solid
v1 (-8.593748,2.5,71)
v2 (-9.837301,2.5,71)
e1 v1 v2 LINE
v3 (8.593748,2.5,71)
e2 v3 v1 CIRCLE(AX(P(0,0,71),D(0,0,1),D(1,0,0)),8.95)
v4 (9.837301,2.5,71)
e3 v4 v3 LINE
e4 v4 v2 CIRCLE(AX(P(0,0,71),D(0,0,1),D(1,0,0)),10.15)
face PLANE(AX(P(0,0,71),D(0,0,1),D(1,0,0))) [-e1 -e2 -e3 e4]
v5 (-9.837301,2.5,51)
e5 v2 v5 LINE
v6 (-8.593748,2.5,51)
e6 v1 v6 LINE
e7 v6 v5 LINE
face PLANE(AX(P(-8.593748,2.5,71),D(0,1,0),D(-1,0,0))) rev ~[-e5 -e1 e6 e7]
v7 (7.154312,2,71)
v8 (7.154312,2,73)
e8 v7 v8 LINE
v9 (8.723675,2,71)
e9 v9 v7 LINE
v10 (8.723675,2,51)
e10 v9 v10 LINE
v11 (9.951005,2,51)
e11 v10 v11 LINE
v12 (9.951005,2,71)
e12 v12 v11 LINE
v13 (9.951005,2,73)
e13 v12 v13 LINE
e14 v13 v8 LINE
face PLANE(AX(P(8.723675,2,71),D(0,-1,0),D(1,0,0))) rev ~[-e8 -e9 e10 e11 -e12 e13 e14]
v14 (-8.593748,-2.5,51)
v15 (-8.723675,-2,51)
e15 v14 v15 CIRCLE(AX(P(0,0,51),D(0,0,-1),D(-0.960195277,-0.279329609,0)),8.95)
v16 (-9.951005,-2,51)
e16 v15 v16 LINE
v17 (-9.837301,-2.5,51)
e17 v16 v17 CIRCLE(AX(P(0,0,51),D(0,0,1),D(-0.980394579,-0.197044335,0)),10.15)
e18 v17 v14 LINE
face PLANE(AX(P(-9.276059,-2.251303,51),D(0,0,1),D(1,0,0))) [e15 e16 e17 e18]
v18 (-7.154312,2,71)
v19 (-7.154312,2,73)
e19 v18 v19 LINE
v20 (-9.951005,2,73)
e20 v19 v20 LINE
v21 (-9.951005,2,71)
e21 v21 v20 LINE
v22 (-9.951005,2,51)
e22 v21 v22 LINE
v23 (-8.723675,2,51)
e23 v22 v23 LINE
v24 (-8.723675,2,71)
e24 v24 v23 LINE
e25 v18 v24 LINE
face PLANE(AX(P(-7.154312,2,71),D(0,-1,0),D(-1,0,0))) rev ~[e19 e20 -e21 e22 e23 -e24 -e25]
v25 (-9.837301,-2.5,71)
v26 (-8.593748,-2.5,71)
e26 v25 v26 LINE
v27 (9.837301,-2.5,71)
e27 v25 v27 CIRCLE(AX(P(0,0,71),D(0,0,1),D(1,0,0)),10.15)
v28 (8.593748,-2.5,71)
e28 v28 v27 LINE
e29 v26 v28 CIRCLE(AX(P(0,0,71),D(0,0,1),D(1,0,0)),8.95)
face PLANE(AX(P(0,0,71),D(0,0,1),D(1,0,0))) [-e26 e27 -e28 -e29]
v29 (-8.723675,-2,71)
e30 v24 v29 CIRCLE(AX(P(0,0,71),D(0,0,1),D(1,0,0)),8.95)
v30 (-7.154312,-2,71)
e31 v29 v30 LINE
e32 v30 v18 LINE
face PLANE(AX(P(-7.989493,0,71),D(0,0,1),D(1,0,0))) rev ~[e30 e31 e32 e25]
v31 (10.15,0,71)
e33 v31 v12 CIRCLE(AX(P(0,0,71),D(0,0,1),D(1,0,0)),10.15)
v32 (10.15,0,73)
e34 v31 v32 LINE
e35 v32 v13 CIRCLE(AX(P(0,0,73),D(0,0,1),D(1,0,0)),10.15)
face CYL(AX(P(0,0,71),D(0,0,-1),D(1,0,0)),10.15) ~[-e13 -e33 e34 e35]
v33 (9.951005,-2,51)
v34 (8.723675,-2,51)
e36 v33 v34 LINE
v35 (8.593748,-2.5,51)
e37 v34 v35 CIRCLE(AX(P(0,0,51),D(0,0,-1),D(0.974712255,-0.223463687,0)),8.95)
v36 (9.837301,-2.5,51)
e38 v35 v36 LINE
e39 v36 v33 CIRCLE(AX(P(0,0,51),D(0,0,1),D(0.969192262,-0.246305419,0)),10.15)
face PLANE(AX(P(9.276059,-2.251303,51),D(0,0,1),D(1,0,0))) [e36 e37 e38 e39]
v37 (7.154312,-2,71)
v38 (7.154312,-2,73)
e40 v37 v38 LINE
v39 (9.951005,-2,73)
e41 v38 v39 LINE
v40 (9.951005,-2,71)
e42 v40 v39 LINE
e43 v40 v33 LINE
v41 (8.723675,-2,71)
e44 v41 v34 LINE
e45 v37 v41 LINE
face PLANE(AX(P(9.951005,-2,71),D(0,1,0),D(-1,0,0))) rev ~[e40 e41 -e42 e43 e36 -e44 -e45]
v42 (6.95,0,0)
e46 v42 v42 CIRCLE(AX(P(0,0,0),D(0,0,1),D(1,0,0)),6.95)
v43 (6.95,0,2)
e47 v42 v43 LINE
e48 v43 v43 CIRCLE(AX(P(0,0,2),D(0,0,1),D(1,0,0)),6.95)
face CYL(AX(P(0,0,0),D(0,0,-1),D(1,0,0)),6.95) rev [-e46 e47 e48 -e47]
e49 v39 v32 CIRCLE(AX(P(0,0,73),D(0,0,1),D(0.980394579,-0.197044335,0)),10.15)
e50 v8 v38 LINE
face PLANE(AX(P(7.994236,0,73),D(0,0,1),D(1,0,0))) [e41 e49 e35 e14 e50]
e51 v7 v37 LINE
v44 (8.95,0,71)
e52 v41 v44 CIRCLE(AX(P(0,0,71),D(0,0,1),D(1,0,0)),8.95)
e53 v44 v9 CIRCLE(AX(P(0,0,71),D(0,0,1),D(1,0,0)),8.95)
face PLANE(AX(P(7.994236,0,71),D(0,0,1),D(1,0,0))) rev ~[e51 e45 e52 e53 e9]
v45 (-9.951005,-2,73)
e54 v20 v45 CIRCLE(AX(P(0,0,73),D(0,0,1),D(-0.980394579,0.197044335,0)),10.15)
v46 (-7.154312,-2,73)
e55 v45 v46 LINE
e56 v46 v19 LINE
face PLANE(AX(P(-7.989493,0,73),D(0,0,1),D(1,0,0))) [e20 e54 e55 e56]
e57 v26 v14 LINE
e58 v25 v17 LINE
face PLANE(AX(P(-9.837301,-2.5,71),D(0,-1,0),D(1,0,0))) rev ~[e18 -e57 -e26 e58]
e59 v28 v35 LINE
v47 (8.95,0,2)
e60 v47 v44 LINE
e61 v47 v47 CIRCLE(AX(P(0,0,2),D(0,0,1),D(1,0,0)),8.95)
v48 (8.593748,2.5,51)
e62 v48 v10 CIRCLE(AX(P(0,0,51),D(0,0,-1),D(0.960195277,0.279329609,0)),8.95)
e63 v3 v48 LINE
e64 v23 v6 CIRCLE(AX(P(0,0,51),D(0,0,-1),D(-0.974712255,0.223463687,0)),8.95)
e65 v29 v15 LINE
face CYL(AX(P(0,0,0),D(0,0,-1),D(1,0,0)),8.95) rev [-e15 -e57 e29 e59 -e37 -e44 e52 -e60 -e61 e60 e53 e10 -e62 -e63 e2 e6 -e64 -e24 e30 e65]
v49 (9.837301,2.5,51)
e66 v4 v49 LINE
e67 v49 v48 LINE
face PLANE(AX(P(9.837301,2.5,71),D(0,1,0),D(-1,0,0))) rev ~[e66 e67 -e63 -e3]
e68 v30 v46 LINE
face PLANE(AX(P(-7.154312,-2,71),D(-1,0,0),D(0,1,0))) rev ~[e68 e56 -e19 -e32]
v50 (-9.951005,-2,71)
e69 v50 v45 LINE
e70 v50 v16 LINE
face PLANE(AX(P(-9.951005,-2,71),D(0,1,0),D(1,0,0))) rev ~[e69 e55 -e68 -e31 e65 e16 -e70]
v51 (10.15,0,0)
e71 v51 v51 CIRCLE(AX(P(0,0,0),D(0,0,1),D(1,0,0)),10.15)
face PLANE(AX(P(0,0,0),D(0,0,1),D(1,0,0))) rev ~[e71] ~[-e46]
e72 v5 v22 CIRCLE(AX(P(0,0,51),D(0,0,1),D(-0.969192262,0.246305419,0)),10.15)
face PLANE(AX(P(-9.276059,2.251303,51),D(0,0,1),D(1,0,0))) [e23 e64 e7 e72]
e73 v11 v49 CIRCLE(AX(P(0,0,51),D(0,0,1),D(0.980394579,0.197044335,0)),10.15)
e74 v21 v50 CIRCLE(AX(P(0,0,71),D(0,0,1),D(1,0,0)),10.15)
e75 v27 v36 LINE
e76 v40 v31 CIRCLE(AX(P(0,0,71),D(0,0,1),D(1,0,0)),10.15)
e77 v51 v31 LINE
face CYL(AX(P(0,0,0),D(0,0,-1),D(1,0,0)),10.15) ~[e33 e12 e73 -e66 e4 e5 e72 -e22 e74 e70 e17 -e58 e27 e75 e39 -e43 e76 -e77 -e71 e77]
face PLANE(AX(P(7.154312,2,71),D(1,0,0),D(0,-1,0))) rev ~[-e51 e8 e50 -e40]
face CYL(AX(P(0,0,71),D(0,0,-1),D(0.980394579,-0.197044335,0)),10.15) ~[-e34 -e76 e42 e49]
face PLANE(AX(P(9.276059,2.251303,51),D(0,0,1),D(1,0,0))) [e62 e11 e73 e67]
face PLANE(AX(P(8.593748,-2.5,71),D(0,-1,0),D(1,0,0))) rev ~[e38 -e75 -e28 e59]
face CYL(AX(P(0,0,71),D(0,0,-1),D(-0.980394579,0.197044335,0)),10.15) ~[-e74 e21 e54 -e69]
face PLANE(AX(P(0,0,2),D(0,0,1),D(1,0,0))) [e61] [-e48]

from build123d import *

# Parameters (mm, degrees)
F0_R     = 10.15
F0_R_2   = 8.95
F1_DEPTH = 71
F0_R_3   = 6.95
F2_DEPTH = 2
F4_DEPTH = 20
F5_DEPTH = 2


with BuildPart() as f1:
    # F0 (on Top) → F1 (new body)
    with BuildSketch(Plane.XY):
        Circle(F0_R)
        Circle(F0_R_2, mode=Mode.SUBTRACT)
    extrude(amount=F1_DEPTH)

    # F0 (on Top) → F2 (join)
    with BuildSketch(Plane.XY):
        Circle(F0_R_2)
        Circle(F0_R_3, mode=Mode.SUBTRACT)
    extrude(amount=F2_DEPTH)

    # F3 (on face) → F4 (cut)
    with BuildSketch(Plane.XY.offset(71)):
        with BuildLine():
            Line((-8.5937477273, 2.5), (-9.8373014592, 2.5))
            ThreePointArc((-9.8373014592, 2.5), (-9.8973111438, 2.2507181348), (-9.9510049744, 2))
            Line((-9.9510049744, 2), (-8.7236746844, 2))
            ThreePointArc((-8.7236746844, 2), (-8.6623195362, 2.2509376388), (-8.5937477273, 2.5))
        make_face()
        with BuildLine():
            ThreePointArc((-9.9510049744, -2), (-9.8973111438, -2.2507181348), (-9.8373014592, -2.5))
            Line((-9.8373014592, -2.5), (-8.5937477273, -2.5))
            ThreePointArc((-8.5937477273, -2.5), (-8.6623195362, -2.2509376388), (-8.7236746844, -2))
            Line((-8.7236746844, -2), (-9.9510049744, -2))
        make_face()
        with BuildLine():
            Line((8.7236746844, 2), (9.9510049744, 2))
            ThreePointArc((9.9510049744, 2), (9.8973111438, 2.2507181348), (9.8373014592, 2.5))
            Line((9.8373014592, 2.5), (8.5937477273, 2.5))
            ThreePointArc((8.5937477273, 2.5), (8.6623195362, 2.2509376388), (8.7236746844, 2))
        make_face()
        with BuildLine():
            ThreePointArc((9.8373014592, -2.5), (9.8973111438, -2.2507181348), (9.9510049744, -2))
            Line((9.9510049744, -2), (8.7236746844, -2))
            ThreePointArc((8.7236746844, -2), (8.6623195362, -2.2509376388), (8.5937477273, -2.5))
            Line((8.5937477273, -2.5), (9.8373014592, -2.5))
        make_face()
    extrude(amount=-F4_DEPTH, mode=Mode.SUBTRACT)

    # F3 (on face) → F5 (join)
    with BuildSketch(Plane.XY.offset(71)):
        with BuildLine():
            Line((-7.1543120913, 2), (-8.7236746844, 2))
            ThreePointArc((-8.7236746844, 2), (-8.95, 0), (-8.7236746844, -2))
            Line((-8.7236746844, -2), (-7.1543120913, -2))
            Line((-7.1543120913, -2), (-7.1543120913, 2))
        make_face()
        with BuildLine():
            Line((-8.7236746844, 2), (-9.9510049744, 2))
            ThreePointArc((-9.9510049744, 2), (-10.15, 0), (-9.9510049744, -2))
            Line((-9.9510049744, -2), (-8.7236746844, -2))
            ThreePointArc((-8.7236746844, -2), (-8.95, 0), (-8.7236746844, 2))
        make_face()
        with BuildLine():
            ThreePointArc((8.95, 0), (8.8932386796, 1.0063825252), (8.7236746844, 2))
            Line((8.7236746844, 2), (7.1543120913, 2))
            Line((7.1543120913, 2), (7.1543120913, -2))
            Line((7.1543120913, -2), (8.7236746844, -2))
            ThreePointArc((8.7236746844, -2), (8.8932386796, -1.0063825252), (8.95, 0))
        make_face()
        with BuildLine():
            ThreePointArc((9.9510049744, -2), (10.1001287242, -1.0049376872), (10.15, 0))
            ThreePointArc((10.15, 0), (10.1001287242, 1.0049376872), (9.9510049744, 2))
            Line((9.9510049744, 2), (8.7236746844, 2))
            ThreePointArc((8.7236746844, 2), (8.8932386796, 1.0063825252), (8.95, 0))
            ThreePointArc((8.95, 0), (8.8932386796, -1.0063825252), (8.7236746844, -2))
            Line((8.7236746844, -2), (9.9510049744, -2))
        make_face()
    extrude(amount=F5_DEPTH)


solid = f1.part
